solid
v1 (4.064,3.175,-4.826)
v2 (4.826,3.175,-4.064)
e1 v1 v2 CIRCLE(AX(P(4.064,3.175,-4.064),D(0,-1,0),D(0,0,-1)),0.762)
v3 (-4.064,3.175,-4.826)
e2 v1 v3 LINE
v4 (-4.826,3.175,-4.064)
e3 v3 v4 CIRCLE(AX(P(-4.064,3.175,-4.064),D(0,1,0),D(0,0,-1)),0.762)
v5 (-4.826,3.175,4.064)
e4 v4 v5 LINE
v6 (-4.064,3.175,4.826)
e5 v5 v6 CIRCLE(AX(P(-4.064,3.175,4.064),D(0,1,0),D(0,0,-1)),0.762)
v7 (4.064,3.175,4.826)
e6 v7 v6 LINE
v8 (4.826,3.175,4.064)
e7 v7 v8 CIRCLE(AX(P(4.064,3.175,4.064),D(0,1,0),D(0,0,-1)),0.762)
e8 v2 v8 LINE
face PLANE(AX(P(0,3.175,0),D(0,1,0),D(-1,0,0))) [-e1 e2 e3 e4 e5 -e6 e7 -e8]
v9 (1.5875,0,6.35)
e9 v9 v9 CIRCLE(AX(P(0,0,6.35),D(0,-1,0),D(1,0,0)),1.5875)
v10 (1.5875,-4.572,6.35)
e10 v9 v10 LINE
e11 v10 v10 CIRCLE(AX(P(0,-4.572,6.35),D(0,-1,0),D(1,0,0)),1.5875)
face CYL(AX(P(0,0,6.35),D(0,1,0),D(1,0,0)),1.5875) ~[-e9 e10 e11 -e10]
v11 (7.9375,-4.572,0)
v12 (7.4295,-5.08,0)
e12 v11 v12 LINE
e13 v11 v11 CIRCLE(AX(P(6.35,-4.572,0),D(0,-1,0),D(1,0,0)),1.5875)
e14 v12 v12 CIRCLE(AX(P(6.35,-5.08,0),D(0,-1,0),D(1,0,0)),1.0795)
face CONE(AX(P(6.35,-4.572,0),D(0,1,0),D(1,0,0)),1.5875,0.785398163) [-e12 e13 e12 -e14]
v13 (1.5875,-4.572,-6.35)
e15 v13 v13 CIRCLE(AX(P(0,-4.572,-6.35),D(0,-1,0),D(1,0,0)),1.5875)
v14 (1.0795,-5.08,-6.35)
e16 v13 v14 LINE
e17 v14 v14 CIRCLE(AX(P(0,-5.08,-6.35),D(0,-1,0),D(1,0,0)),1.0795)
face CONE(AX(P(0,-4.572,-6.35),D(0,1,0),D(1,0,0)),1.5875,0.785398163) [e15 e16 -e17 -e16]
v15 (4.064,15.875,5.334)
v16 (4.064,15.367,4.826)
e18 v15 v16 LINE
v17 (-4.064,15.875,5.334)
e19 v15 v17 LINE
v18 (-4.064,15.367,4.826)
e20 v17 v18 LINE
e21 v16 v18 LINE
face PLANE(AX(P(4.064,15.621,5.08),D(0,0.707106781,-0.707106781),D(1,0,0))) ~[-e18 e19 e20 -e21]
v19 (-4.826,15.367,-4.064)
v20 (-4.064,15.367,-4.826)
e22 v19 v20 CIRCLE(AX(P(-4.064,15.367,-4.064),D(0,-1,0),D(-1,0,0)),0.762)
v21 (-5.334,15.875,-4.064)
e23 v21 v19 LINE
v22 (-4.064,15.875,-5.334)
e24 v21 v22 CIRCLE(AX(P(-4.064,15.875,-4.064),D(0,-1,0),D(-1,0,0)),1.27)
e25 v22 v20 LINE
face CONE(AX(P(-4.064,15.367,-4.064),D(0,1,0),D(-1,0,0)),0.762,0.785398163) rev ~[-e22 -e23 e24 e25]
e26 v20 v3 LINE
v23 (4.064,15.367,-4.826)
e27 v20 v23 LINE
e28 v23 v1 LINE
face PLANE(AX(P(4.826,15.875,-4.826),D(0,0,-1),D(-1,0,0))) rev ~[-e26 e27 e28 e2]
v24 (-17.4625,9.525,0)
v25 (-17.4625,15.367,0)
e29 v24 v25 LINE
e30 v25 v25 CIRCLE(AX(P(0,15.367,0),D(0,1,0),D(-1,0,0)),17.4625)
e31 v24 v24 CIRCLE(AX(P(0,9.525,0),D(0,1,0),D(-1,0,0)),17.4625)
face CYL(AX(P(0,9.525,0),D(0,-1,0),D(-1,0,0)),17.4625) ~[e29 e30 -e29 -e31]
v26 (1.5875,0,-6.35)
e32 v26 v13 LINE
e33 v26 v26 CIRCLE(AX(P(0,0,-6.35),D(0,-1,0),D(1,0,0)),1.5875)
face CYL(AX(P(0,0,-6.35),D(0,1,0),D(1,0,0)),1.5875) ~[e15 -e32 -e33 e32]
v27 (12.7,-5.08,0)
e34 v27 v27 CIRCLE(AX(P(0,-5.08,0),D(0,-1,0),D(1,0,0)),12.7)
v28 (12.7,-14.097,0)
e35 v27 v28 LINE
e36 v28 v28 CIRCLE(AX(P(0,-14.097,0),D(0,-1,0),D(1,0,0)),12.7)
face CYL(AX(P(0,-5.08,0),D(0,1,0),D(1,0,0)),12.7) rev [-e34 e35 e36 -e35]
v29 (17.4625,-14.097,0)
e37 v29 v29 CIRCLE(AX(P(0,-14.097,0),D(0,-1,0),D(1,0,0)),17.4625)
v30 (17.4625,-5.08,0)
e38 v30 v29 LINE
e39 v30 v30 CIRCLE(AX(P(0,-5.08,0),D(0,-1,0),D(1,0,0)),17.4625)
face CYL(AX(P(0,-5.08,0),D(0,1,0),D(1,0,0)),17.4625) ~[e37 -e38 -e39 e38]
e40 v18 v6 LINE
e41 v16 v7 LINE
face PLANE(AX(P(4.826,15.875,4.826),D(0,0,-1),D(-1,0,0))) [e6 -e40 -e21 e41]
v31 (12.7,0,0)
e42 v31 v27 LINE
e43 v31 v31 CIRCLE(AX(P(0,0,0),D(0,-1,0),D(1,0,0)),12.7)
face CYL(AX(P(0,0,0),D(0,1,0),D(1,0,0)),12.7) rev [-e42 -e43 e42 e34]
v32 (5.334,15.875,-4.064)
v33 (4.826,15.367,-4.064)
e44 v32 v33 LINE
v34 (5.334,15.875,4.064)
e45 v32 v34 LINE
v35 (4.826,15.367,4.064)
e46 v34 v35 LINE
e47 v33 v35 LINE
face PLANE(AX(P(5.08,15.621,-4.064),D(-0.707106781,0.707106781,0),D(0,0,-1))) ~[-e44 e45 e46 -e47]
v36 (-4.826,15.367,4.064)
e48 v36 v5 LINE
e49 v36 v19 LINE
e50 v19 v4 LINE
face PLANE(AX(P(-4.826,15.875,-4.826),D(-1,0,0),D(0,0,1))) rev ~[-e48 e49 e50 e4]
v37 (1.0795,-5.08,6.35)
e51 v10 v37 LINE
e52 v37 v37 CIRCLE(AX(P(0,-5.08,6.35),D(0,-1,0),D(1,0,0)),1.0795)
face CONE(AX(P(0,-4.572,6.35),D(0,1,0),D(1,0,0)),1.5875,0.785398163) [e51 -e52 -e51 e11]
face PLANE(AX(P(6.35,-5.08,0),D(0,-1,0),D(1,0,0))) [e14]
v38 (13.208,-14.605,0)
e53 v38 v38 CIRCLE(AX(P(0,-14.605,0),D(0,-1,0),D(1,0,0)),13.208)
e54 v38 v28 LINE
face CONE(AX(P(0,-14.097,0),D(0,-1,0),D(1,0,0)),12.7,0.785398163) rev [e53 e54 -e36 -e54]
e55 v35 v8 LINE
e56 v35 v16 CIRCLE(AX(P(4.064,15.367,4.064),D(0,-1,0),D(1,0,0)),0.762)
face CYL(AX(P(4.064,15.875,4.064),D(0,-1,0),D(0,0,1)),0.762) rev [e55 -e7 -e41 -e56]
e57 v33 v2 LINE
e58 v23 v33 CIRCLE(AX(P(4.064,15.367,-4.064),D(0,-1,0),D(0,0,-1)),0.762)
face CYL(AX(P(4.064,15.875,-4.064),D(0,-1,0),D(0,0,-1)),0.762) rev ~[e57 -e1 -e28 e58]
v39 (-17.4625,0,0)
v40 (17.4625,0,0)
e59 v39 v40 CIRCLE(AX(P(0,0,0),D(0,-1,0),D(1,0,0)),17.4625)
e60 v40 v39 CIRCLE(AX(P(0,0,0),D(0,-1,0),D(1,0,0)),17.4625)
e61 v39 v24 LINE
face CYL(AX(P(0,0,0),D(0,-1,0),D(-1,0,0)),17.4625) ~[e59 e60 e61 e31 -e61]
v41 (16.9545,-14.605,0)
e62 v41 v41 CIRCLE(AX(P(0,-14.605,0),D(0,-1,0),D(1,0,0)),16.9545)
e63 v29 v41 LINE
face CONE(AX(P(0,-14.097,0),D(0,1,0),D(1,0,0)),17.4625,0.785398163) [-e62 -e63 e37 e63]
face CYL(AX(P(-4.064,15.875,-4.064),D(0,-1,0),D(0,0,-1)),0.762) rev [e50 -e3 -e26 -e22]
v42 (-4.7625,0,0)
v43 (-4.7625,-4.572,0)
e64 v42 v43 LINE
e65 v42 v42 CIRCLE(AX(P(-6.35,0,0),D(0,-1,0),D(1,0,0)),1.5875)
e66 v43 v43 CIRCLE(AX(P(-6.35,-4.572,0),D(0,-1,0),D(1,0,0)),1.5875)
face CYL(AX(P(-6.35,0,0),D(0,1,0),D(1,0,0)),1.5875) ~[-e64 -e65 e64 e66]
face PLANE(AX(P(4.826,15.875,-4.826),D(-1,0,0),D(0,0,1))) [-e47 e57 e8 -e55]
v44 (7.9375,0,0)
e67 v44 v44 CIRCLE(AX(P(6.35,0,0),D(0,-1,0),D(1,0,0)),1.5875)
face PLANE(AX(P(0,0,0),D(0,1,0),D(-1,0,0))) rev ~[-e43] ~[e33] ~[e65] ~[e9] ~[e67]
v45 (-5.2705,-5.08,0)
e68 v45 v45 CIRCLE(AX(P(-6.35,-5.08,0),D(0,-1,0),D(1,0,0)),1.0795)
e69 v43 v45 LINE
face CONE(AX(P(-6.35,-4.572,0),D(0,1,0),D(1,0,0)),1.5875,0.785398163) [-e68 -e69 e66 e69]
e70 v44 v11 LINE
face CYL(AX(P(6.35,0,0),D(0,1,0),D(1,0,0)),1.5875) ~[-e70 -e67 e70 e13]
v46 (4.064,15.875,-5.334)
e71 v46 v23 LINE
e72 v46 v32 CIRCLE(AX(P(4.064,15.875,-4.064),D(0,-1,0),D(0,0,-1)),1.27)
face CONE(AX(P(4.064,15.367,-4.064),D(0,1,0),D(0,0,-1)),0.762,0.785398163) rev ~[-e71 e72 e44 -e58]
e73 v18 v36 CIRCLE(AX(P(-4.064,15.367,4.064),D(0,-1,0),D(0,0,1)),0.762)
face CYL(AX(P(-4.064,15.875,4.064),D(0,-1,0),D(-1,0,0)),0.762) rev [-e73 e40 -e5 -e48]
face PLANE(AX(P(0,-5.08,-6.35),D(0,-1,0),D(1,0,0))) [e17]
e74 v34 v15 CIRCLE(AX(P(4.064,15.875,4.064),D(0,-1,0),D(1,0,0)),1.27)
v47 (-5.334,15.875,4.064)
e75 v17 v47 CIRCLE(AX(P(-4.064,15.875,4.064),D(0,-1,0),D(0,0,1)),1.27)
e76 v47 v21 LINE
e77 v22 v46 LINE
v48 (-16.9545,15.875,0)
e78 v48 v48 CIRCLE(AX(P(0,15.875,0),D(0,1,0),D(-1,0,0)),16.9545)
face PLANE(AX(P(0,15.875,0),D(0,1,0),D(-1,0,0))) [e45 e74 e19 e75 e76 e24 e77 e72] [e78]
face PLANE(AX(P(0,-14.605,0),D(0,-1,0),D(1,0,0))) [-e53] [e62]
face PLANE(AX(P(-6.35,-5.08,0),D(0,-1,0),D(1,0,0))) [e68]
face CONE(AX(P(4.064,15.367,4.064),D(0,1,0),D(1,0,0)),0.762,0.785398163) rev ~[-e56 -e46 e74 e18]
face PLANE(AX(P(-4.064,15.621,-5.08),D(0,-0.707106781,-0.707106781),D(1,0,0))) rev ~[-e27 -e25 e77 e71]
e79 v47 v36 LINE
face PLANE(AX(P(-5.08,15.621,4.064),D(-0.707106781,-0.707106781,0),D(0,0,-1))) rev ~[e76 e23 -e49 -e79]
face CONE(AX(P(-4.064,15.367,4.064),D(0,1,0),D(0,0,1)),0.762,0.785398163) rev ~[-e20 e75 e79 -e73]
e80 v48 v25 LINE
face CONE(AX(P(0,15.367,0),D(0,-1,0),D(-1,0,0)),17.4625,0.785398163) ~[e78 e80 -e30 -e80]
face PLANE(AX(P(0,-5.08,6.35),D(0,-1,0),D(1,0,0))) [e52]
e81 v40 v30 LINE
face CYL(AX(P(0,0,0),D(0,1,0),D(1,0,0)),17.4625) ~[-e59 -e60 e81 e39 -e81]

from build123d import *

# Parameters (mm, degrees)
F0_R     = 17.4625
F0_R_2   = 12.7
F1_DEPTH = 5.08
F0_R_3   = 1.5875
F2_R     = 17.4625
F3_DEPTH = 9.525
F4_DEPTH = 9.525
F5_DEPTH = 6.35
F6_W     = 9.652
F6_H     = 9.652
F7_DEPTH = 12.7
F8_R     = 0.762
F9_SIZE  = 0.508


with BuildPart() as f1:
    # F0 (on Front) → F1 (new body)
    with BuildSketch(Plane.XZ):
        Circle(F0_R)
        Circle(F0_R_2, mode=Mode.SUBTRACT)
    extrude(amount=F1_DEPTH)



with BuildPart() as f1b:
    # F0 (on Front) → F1, piece 2 (new body)
    with BuildSketch(Plane.XZ):
        with Locations((0, 6.35)):
            Circle(F0_R_3)
    extrude(amount=F1_DEPTH)


with BuildPart() as f1c:
    # F0 (on Front) → F1, piece 3 (new body)
    with BuildSketch(Plane.XZ):
        with Locations((6.35, 0)):
            Circle(F0_R_3)
    extrude(amount=F1_DEPTH)


with BuildPart() as f1d:
    # F0 (on Front) → F1, piece 4 (new body)
    with BuildSketch(Plane.XZ):
        with Locations((0, -6.35)):
            Circle(F0_R_3)
    extrude(amount=F1_DEPTH)


with BuildPart() as f1e:
    # F0 (on Front) → F1, piece 5 (new body)
    with BuildSketch(Plane.XZ):
        with Locations((-6.35, 0)):
            Circle(F0_R_3)
    extrude(amount=F1_DEPTH)


with BuildPart() as f1_1:
    add(f1.part)

    add(f1b.part)  # F3 merges F1b

    add(f1c.part)  # F3 merges F1c

    add(f1d.part)  # F3 merges F1d

    add(f1e.part)  # F3 merges F1e
    # F2 (on face) → F3 (join)
    with BuildSketch(Plane(origin=(0, 0, 0), x_dir=(-1, 0, 0), z_dir=(0, 1, 0))):
        Circle(F2_R)
    extrude(amount=F3_DEPTH)

    # F4 (add): a face of the model
    f4_faces = [f1_1.faces().sort_by_distance(p)[0] for p in [
        (-16.9685859133, -5.08, 0),
    ]]
    extrude(f4_faces, amount=F4_DEPTH)

    # F5 (add): a face of the model
    f5_faces = [f1_1.faces().sort_by_distance(p)[0] for p in [
        (0, 9.525, 0),
    ]]
    extrude(f5_faces, amount=F5_DEPTH)

    # F6 (on face) → F7 (cut)
    with BuildSketch(Plane(origin=(0, 15.875, 0), x_dir=(-1, 0, 0), z_dir=(0, 1, 0))):
        Rectangle(F6_W, F6_H)
    extrude(amount=-F7_DEPTH, mode=Mode.SUBTRACT)

    # F8
    f8_edges = [f1_1.edges().sort_by_distance(p)[0] for p in [
        (4.826, 9.525, 4.826),
        (4.826, 9.525, -4.826),
        (-4.826, 9.525, -4.826),
        (-4.826, 9.525, 4.826),
    ]]
    fillet(f8_edges, radius=F8_R)

    # F9
    f9_edges = [f1_1.edges().sort_by_distance(p)[0] for p in [
        (0, 15.875, 4.826),
        (17.4625, 15.875, 0),
        (-17.4625, -14.605, 0),
        (-12.7, -14.605, 0),
        (-1.5875, -5.08, -6.35),
        (4.7625, -5.08, 0),
        (-1.5875, -5.08, 6.35),
        (-7.9375, -5.08, 0),
    ]]
    chamfer(f9_edges, length=F9_SIZE)


solid = f1_1.part
